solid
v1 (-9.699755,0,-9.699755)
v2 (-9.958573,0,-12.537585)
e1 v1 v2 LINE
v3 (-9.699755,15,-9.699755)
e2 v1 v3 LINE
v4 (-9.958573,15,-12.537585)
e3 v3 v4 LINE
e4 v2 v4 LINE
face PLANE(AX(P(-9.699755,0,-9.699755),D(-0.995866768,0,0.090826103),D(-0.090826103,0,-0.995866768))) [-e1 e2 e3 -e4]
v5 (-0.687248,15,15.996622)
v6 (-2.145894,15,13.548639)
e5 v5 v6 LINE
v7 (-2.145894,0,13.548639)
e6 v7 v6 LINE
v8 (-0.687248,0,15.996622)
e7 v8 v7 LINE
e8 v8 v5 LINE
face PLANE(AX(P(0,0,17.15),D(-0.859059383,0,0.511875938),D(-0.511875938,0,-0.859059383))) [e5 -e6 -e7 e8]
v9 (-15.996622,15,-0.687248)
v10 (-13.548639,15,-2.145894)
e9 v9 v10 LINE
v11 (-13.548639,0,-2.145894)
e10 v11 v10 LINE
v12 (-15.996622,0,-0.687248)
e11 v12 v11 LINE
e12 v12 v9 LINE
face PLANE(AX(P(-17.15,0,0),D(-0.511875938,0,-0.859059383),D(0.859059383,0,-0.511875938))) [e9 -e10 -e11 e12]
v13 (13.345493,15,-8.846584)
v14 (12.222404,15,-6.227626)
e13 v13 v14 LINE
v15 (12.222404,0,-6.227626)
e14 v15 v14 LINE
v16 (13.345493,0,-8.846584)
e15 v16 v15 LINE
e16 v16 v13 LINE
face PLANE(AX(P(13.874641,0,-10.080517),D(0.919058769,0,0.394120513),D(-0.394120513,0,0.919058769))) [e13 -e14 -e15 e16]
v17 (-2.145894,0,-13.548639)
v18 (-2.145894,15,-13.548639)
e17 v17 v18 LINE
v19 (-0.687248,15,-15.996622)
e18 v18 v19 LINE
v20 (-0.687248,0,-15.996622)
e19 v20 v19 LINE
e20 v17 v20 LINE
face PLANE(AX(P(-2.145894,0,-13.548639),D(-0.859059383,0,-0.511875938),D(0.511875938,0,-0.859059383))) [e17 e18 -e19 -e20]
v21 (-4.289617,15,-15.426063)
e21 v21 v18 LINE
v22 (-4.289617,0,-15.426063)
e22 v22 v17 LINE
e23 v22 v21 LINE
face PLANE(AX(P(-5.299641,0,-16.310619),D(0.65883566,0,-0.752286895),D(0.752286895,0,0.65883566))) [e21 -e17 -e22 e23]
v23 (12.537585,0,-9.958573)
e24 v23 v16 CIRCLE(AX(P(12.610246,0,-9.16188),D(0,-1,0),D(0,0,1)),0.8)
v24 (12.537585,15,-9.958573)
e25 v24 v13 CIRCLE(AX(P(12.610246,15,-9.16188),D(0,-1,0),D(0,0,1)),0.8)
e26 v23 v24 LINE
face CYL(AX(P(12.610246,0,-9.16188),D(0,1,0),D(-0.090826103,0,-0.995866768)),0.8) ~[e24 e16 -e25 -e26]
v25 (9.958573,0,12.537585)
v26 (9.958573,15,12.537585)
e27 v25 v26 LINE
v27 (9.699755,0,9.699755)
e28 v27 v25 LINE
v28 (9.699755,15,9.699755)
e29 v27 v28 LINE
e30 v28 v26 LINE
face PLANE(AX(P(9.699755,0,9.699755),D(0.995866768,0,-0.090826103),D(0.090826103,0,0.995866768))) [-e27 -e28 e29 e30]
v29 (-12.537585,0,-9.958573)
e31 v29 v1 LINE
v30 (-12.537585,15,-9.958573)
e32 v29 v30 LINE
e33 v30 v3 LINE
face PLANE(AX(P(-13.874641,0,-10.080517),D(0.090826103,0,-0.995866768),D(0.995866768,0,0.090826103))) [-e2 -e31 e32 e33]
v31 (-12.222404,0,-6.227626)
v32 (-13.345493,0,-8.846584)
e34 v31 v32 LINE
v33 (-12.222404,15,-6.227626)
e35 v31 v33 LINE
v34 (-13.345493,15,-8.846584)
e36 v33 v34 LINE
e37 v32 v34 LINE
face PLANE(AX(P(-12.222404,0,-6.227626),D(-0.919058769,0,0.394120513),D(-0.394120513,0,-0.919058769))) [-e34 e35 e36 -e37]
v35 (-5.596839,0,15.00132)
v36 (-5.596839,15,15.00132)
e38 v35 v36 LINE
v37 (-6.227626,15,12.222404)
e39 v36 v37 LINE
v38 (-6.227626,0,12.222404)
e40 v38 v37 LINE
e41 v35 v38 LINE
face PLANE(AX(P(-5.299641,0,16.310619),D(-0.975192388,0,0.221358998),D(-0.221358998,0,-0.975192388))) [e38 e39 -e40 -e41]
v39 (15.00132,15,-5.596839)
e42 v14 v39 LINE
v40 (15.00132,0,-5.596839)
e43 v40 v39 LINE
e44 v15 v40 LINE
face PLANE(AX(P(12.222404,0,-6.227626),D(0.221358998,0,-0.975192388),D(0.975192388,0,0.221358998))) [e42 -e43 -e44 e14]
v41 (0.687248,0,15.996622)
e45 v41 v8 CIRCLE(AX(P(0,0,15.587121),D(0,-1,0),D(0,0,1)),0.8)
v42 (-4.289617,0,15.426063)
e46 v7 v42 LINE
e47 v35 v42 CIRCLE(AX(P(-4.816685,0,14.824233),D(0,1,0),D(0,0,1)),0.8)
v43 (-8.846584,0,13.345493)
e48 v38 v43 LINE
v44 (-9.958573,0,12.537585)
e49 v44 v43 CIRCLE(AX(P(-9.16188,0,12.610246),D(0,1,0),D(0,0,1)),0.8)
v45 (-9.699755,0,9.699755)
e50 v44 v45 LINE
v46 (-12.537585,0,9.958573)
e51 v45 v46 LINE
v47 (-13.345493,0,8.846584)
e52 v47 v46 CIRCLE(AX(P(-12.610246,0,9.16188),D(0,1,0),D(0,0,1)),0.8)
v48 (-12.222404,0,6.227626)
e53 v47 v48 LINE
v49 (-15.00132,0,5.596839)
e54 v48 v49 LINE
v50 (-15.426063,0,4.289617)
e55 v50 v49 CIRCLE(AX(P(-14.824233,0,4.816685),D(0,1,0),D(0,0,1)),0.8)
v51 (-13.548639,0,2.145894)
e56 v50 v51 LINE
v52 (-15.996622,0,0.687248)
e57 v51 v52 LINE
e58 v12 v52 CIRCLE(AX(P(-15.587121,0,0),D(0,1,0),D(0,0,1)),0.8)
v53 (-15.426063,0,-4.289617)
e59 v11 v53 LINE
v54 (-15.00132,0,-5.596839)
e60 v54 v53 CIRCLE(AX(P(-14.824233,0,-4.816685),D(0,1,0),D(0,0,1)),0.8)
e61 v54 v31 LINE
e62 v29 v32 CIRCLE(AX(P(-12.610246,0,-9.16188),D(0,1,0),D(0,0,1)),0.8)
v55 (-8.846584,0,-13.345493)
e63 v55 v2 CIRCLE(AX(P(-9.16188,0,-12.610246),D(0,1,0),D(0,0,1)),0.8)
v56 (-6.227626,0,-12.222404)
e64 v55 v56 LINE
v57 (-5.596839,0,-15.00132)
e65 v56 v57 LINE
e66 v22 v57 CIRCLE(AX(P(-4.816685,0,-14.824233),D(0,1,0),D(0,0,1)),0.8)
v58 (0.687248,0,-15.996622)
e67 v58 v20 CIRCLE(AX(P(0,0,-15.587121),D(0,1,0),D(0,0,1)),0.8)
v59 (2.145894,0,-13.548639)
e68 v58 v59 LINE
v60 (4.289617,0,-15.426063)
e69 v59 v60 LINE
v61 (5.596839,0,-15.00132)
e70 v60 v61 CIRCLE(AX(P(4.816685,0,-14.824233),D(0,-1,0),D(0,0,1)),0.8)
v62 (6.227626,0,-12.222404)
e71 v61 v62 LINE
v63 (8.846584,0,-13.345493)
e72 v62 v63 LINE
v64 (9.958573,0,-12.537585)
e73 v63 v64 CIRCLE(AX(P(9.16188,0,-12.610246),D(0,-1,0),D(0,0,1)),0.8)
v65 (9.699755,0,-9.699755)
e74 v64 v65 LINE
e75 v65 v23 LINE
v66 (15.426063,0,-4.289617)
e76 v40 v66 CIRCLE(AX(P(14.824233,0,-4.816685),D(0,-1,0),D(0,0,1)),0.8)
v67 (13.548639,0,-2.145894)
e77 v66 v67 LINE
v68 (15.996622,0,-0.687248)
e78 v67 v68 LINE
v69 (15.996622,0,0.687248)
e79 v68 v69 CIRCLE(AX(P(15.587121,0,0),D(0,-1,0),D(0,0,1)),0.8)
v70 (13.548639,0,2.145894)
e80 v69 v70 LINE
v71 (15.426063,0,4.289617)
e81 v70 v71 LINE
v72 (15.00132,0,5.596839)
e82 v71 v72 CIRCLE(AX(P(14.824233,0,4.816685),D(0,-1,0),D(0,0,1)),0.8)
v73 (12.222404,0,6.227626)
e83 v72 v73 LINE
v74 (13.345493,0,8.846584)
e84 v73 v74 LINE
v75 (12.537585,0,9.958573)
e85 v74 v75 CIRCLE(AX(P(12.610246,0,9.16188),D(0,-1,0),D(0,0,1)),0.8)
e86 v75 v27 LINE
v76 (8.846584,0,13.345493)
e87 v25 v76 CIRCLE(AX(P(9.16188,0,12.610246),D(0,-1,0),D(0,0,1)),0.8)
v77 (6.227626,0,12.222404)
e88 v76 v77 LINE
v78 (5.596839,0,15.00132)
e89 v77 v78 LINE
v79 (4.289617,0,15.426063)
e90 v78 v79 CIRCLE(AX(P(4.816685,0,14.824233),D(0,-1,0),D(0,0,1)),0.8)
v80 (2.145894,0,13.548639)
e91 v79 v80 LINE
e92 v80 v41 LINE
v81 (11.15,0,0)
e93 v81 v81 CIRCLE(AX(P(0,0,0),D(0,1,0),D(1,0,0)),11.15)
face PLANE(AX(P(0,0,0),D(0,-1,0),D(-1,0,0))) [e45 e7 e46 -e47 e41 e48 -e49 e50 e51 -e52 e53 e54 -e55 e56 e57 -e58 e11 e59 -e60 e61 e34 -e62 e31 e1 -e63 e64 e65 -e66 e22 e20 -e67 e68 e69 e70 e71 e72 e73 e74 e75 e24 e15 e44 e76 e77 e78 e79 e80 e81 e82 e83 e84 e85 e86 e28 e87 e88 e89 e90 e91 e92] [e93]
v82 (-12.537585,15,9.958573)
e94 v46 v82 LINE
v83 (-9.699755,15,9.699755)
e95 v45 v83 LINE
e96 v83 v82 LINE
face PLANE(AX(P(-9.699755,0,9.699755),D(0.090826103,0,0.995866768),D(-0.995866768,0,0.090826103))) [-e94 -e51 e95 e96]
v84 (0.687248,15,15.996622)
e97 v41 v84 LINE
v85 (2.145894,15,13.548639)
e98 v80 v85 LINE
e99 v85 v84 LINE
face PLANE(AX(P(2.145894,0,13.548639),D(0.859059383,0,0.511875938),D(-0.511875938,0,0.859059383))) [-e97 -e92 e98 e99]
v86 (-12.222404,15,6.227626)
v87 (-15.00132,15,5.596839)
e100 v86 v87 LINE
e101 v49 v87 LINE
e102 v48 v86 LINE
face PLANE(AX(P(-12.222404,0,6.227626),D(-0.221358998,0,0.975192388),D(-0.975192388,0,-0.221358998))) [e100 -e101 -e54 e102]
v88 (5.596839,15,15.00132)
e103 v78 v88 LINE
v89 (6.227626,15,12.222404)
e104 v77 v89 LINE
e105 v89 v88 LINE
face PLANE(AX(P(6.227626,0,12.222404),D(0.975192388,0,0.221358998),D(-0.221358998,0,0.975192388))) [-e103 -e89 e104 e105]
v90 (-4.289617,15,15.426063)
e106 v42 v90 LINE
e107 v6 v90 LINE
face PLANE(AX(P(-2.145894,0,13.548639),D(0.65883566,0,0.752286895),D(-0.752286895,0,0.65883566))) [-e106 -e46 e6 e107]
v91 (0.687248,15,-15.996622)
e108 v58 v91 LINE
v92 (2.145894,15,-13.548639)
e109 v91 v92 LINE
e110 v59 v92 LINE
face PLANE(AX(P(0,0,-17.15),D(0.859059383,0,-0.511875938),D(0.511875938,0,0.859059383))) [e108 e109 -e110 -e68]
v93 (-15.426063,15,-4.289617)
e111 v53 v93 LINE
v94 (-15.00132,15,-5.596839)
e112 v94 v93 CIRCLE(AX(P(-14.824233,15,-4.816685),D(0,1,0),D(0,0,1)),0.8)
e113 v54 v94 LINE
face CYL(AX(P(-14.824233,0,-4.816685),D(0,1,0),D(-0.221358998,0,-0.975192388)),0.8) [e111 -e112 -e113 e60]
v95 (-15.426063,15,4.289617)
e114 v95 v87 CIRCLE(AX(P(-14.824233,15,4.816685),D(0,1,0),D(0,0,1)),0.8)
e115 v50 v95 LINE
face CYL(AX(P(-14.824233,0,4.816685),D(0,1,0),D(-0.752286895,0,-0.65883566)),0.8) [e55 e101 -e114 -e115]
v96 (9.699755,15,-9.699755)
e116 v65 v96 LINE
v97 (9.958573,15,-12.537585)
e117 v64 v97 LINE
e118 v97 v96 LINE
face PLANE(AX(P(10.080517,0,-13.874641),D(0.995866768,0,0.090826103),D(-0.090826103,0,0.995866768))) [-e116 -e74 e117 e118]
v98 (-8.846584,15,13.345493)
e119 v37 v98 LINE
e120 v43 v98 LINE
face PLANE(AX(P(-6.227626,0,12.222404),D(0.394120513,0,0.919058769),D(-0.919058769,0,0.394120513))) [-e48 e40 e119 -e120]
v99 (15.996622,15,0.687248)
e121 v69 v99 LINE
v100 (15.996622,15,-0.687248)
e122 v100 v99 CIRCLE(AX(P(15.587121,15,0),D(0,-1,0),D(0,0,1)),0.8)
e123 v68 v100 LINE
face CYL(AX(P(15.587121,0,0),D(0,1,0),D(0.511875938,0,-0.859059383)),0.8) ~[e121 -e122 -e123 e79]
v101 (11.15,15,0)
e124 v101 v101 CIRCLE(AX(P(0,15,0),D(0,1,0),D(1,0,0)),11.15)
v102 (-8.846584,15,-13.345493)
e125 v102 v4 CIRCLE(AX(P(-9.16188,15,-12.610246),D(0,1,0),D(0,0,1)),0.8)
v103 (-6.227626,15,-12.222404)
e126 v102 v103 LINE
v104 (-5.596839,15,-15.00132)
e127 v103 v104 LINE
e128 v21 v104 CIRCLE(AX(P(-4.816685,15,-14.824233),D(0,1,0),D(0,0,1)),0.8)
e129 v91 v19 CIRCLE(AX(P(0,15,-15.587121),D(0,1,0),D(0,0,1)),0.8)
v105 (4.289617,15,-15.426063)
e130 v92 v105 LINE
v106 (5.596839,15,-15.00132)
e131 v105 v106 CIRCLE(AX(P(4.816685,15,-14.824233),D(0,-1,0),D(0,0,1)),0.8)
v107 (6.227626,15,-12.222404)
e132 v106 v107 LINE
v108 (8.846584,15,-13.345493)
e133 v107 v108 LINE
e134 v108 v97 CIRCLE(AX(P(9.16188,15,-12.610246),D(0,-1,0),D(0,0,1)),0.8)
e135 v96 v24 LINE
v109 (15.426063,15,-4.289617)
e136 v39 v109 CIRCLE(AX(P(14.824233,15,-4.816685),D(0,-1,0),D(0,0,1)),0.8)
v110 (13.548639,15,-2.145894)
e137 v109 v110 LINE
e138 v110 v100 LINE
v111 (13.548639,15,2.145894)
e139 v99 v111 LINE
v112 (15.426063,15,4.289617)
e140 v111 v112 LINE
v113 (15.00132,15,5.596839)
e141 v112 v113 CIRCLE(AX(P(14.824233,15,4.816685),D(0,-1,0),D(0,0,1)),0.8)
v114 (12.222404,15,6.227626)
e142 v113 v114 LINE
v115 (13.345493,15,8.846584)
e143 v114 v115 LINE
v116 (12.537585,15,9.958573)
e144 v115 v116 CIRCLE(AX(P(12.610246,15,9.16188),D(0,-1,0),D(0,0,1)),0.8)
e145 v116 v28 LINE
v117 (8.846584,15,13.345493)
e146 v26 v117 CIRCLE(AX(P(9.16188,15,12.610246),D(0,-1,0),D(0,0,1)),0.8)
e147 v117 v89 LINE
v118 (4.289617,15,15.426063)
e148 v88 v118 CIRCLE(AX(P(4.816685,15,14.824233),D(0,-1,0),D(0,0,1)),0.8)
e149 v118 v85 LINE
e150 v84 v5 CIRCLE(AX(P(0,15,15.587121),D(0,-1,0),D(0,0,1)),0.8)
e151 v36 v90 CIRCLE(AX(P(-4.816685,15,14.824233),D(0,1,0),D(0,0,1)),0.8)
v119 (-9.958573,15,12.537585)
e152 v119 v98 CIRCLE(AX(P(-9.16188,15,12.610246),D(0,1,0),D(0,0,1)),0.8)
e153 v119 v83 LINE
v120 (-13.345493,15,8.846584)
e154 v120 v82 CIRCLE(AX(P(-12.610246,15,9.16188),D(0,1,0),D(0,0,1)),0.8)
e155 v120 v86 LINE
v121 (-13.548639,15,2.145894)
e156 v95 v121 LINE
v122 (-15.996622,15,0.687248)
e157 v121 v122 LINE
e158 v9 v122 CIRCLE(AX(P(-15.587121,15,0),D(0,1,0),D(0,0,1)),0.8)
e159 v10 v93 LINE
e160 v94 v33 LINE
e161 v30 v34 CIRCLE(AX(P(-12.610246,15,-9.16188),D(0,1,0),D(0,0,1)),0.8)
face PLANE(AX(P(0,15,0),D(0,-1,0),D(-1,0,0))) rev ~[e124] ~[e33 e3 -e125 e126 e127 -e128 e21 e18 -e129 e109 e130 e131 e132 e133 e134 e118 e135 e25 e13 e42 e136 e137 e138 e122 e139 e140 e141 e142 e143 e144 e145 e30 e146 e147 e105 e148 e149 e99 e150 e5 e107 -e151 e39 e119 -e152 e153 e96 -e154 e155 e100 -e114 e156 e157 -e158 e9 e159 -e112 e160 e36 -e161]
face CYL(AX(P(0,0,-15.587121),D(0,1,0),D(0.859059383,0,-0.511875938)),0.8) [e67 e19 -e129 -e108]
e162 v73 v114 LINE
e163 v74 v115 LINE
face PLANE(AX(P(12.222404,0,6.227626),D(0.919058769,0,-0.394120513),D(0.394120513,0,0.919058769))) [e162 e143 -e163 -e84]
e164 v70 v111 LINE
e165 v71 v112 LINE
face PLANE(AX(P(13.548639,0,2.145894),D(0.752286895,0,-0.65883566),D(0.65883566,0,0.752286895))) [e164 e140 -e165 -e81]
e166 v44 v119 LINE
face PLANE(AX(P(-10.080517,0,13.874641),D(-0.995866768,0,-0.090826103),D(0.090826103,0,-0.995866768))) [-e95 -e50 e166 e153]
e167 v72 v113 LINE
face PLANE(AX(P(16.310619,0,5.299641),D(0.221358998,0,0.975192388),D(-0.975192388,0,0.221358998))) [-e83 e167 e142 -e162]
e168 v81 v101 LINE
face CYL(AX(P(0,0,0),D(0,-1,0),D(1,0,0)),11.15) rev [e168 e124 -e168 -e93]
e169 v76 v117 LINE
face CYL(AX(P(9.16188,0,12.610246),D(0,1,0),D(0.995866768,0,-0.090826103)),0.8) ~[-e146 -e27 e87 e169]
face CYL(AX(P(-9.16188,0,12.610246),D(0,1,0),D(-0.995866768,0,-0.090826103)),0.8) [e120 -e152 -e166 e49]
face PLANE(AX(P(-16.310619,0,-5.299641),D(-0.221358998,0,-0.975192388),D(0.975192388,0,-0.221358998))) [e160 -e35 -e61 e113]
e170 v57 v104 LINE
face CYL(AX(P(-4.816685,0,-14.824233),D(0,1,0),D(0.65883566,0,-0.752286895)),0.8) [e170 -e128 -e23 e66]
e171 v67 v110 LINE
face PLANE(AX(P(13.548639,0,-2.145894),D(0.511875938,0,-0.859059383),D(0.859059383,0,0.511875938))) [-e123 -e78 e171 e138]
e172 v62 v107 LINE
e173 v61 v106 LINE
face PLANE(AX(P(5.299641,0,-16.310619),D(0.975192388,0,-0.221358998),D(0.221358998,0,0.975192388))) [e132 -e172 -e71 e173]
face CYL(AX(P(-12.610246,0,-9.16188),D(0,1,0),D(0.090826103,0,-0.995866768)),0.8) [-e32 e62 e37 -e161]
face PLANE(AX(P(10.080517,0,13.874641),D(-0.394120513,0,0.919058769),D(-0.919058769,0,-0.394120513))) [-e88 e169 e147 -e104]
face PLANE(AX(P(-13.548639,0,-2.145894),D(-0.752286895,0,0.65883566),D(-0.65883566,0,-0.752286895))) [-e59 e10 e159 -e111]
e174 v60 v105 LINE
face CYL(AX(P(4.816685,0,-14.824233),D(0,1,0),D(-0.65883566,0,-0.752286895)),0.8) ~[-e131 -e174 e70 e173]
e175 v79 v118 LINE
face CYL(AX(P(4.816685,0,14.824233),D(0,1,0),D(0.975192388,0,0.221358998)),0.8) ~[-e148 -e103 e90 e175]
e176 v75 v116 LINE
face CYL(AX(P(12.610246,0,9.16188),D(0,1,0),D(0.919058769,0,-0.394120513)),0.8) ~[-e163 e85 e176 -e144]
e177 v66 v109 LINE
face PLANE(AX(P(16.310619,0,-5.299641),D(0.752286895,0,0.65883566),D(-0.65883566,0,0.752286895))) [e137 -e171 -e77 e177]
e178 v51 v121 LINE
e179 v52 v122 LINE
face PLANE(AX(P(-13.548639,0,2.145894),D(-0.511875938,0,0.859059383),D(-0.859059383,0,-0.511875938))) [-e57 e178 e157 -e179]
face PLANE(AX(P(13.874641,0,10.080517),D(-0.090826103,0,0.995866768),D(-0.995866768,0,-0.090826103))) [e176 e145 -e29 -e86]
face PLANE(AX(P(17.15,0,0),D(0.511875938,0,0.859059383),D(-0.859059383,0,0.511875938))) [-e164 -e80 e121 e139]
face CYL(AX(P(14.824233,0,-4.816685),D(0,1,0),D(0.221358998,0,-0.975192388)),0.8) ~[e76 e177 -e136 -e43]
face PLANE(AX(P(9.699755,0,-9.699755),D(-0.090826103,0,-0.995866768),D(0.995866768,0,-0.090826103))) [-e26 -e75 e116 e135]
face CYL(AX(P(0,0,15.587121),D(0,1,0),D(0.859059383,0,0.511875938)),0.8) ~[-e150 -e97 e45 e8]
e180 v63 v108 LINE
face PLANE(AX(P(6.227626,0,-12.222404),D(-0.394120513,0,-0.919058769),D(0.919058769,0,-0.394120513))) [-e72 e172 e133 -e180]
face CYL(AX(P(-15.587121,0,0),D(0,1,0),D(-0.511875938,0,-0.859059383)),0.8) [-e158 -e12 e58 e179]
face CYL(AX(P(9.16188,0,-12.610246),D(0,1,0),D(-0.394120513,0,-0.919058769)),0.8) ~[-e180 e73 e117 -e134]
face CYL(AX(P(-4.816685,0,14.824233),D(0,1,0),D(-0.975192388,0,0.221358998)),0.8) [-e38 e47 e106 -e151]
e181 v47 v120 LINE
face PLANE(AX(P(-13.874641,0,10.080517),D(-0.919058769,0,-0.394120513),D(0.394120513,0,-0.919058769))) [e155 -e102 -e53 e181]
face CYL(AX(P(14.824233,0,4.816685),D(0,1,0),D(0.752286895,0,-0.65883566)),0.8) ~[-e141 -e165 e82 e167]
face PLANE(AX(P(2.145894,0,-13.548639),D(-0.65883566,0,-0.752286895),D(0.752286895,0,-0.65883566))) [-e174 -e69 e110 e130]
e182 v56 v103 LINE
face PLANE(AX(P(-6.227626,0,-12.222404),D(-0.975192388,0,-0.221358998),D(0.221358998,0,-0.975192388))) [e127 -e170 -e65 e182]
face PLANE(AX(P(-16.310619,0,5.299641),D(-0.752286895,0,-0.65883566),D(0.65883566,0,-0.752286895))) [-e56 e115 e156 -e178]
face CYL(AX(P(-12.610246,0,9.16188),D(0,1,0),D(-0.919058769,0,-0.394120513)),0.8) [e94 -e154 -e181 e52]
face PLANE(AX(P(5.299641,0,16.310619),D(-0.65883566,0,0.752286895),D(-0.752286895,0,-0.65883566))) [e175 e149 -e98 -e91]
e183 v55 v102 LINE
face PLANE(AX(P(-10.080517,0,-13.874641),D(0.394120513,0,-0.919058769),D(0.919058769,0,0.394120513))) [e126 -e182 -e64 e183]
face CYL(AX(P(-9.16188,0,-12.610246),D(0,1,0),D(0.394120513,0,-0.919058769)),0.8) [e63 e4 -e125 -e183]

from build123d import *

# Parameters (mm, degrees)
SKETCH1_R           = 11.15
BOSS_EXTRUDE1_DEPTH = 15
FILLET3_R           = 0.8


with BuildPart() as part:
    # Sketch1 → Boss-Extrude1 (new body)
    with BuildSketch(Plane(origin=(0, 0, 0), x_dir=(1, 0, 0), z_dir=(0, 1, 0))):
        Polygon((0, 17.15), (2.145893606, 13.548639006), (5.299641454, 16.310619254), (6.227625801, 12.222403821), (10.080517077, 13.874641454), (9.699754592, 9.699754592), (13.874641454, 10.080517077), (12.222403821, 6.227625801), (16.310619254, 5.299641454), (13.548639006, 2.145893606), (17.15, 0), (13.548639006, -2.145893606), (16.310619254, -5.299641454), (12.222403821, -6.227625801), (13.874641454, -10.080517077), (9.699754592, -9.699754592), (10.080517077, -13.874641454), (6.227625801, -12.222403821), (5.299641454, -16.310619254), (2.145893606, -13.548639006), (0, -17.15), (-2.145893606, -13.548639006), (-5.299641454, -16.310619254), (-6.227625801, -12.222403821), (-10.080517077, -13.874641454), (-9.699754592, -9.699754592), (-13.874641454, -10.080517077), (-12.222403821, -6.227625801), (-16.310619254, -5.299641454), (-13.548639006, -2.145893606), (-17.15, 0), (-13.548639006, 2.145893606), (-16.310619254, 5.299641454), (-12.222403821, 6.227625801), (-13.874641454, 10.080517077), (-9.699754592, 9.699754592), (-10.080517077, 13.874641454), (-6.227625801, 12.222403821), (-5.299641454, 16.310619254), (-2.145893606, 13.548639006), align=None)
        Circle(SKETCH1_R, mode=Mode.SUBTRACT)
    extrude(amount=BOSS_EXTRUDE1_DEPTH)

    # Fillet3
    fillet3_edges = [part.edges().sort_by_distance(p)[0] for p in [
        (0, 7.5, -17.15),
        (5.299641454, 7.5, -16.310619254),
        (10.080517077, 7.5, -13.874641454),
        (13.874641454, 7.5, -10.080517077),
        (16.310619254, 7.5, -5.299641454),
        (17.15, 7.5, 0),
        (16.310619254, 7.5, 5.299641454),
        (13.874641454, 7.5, 10.080517077),
        (10.080517077, 7.5, 13.874641454),
        (5.299641454, 7.5, 16.310619254),
        (0, 7.5, 17.15),
        (-5.299641454, 7.5, 16.310619254),
        (-10.080517077, 7.5, 13.874641454),
        (-13.874641454, 7.5, 10.080517077),
        (-16.310619254, 7.5, 5.299641454),
        (-17.15, 7.5, 0),
        (-16.310619254, 7.5, -5.299641454),
        (-13.874641454, 7.5, -10.080517077),
        (-10.080517077, 7.5, -13.874641454),
        (-5.299641454, 7.5, -16.310619254),
    ]]
    fillet(fillet3_edges, radius=FILLET3_R)


solid = part.part
